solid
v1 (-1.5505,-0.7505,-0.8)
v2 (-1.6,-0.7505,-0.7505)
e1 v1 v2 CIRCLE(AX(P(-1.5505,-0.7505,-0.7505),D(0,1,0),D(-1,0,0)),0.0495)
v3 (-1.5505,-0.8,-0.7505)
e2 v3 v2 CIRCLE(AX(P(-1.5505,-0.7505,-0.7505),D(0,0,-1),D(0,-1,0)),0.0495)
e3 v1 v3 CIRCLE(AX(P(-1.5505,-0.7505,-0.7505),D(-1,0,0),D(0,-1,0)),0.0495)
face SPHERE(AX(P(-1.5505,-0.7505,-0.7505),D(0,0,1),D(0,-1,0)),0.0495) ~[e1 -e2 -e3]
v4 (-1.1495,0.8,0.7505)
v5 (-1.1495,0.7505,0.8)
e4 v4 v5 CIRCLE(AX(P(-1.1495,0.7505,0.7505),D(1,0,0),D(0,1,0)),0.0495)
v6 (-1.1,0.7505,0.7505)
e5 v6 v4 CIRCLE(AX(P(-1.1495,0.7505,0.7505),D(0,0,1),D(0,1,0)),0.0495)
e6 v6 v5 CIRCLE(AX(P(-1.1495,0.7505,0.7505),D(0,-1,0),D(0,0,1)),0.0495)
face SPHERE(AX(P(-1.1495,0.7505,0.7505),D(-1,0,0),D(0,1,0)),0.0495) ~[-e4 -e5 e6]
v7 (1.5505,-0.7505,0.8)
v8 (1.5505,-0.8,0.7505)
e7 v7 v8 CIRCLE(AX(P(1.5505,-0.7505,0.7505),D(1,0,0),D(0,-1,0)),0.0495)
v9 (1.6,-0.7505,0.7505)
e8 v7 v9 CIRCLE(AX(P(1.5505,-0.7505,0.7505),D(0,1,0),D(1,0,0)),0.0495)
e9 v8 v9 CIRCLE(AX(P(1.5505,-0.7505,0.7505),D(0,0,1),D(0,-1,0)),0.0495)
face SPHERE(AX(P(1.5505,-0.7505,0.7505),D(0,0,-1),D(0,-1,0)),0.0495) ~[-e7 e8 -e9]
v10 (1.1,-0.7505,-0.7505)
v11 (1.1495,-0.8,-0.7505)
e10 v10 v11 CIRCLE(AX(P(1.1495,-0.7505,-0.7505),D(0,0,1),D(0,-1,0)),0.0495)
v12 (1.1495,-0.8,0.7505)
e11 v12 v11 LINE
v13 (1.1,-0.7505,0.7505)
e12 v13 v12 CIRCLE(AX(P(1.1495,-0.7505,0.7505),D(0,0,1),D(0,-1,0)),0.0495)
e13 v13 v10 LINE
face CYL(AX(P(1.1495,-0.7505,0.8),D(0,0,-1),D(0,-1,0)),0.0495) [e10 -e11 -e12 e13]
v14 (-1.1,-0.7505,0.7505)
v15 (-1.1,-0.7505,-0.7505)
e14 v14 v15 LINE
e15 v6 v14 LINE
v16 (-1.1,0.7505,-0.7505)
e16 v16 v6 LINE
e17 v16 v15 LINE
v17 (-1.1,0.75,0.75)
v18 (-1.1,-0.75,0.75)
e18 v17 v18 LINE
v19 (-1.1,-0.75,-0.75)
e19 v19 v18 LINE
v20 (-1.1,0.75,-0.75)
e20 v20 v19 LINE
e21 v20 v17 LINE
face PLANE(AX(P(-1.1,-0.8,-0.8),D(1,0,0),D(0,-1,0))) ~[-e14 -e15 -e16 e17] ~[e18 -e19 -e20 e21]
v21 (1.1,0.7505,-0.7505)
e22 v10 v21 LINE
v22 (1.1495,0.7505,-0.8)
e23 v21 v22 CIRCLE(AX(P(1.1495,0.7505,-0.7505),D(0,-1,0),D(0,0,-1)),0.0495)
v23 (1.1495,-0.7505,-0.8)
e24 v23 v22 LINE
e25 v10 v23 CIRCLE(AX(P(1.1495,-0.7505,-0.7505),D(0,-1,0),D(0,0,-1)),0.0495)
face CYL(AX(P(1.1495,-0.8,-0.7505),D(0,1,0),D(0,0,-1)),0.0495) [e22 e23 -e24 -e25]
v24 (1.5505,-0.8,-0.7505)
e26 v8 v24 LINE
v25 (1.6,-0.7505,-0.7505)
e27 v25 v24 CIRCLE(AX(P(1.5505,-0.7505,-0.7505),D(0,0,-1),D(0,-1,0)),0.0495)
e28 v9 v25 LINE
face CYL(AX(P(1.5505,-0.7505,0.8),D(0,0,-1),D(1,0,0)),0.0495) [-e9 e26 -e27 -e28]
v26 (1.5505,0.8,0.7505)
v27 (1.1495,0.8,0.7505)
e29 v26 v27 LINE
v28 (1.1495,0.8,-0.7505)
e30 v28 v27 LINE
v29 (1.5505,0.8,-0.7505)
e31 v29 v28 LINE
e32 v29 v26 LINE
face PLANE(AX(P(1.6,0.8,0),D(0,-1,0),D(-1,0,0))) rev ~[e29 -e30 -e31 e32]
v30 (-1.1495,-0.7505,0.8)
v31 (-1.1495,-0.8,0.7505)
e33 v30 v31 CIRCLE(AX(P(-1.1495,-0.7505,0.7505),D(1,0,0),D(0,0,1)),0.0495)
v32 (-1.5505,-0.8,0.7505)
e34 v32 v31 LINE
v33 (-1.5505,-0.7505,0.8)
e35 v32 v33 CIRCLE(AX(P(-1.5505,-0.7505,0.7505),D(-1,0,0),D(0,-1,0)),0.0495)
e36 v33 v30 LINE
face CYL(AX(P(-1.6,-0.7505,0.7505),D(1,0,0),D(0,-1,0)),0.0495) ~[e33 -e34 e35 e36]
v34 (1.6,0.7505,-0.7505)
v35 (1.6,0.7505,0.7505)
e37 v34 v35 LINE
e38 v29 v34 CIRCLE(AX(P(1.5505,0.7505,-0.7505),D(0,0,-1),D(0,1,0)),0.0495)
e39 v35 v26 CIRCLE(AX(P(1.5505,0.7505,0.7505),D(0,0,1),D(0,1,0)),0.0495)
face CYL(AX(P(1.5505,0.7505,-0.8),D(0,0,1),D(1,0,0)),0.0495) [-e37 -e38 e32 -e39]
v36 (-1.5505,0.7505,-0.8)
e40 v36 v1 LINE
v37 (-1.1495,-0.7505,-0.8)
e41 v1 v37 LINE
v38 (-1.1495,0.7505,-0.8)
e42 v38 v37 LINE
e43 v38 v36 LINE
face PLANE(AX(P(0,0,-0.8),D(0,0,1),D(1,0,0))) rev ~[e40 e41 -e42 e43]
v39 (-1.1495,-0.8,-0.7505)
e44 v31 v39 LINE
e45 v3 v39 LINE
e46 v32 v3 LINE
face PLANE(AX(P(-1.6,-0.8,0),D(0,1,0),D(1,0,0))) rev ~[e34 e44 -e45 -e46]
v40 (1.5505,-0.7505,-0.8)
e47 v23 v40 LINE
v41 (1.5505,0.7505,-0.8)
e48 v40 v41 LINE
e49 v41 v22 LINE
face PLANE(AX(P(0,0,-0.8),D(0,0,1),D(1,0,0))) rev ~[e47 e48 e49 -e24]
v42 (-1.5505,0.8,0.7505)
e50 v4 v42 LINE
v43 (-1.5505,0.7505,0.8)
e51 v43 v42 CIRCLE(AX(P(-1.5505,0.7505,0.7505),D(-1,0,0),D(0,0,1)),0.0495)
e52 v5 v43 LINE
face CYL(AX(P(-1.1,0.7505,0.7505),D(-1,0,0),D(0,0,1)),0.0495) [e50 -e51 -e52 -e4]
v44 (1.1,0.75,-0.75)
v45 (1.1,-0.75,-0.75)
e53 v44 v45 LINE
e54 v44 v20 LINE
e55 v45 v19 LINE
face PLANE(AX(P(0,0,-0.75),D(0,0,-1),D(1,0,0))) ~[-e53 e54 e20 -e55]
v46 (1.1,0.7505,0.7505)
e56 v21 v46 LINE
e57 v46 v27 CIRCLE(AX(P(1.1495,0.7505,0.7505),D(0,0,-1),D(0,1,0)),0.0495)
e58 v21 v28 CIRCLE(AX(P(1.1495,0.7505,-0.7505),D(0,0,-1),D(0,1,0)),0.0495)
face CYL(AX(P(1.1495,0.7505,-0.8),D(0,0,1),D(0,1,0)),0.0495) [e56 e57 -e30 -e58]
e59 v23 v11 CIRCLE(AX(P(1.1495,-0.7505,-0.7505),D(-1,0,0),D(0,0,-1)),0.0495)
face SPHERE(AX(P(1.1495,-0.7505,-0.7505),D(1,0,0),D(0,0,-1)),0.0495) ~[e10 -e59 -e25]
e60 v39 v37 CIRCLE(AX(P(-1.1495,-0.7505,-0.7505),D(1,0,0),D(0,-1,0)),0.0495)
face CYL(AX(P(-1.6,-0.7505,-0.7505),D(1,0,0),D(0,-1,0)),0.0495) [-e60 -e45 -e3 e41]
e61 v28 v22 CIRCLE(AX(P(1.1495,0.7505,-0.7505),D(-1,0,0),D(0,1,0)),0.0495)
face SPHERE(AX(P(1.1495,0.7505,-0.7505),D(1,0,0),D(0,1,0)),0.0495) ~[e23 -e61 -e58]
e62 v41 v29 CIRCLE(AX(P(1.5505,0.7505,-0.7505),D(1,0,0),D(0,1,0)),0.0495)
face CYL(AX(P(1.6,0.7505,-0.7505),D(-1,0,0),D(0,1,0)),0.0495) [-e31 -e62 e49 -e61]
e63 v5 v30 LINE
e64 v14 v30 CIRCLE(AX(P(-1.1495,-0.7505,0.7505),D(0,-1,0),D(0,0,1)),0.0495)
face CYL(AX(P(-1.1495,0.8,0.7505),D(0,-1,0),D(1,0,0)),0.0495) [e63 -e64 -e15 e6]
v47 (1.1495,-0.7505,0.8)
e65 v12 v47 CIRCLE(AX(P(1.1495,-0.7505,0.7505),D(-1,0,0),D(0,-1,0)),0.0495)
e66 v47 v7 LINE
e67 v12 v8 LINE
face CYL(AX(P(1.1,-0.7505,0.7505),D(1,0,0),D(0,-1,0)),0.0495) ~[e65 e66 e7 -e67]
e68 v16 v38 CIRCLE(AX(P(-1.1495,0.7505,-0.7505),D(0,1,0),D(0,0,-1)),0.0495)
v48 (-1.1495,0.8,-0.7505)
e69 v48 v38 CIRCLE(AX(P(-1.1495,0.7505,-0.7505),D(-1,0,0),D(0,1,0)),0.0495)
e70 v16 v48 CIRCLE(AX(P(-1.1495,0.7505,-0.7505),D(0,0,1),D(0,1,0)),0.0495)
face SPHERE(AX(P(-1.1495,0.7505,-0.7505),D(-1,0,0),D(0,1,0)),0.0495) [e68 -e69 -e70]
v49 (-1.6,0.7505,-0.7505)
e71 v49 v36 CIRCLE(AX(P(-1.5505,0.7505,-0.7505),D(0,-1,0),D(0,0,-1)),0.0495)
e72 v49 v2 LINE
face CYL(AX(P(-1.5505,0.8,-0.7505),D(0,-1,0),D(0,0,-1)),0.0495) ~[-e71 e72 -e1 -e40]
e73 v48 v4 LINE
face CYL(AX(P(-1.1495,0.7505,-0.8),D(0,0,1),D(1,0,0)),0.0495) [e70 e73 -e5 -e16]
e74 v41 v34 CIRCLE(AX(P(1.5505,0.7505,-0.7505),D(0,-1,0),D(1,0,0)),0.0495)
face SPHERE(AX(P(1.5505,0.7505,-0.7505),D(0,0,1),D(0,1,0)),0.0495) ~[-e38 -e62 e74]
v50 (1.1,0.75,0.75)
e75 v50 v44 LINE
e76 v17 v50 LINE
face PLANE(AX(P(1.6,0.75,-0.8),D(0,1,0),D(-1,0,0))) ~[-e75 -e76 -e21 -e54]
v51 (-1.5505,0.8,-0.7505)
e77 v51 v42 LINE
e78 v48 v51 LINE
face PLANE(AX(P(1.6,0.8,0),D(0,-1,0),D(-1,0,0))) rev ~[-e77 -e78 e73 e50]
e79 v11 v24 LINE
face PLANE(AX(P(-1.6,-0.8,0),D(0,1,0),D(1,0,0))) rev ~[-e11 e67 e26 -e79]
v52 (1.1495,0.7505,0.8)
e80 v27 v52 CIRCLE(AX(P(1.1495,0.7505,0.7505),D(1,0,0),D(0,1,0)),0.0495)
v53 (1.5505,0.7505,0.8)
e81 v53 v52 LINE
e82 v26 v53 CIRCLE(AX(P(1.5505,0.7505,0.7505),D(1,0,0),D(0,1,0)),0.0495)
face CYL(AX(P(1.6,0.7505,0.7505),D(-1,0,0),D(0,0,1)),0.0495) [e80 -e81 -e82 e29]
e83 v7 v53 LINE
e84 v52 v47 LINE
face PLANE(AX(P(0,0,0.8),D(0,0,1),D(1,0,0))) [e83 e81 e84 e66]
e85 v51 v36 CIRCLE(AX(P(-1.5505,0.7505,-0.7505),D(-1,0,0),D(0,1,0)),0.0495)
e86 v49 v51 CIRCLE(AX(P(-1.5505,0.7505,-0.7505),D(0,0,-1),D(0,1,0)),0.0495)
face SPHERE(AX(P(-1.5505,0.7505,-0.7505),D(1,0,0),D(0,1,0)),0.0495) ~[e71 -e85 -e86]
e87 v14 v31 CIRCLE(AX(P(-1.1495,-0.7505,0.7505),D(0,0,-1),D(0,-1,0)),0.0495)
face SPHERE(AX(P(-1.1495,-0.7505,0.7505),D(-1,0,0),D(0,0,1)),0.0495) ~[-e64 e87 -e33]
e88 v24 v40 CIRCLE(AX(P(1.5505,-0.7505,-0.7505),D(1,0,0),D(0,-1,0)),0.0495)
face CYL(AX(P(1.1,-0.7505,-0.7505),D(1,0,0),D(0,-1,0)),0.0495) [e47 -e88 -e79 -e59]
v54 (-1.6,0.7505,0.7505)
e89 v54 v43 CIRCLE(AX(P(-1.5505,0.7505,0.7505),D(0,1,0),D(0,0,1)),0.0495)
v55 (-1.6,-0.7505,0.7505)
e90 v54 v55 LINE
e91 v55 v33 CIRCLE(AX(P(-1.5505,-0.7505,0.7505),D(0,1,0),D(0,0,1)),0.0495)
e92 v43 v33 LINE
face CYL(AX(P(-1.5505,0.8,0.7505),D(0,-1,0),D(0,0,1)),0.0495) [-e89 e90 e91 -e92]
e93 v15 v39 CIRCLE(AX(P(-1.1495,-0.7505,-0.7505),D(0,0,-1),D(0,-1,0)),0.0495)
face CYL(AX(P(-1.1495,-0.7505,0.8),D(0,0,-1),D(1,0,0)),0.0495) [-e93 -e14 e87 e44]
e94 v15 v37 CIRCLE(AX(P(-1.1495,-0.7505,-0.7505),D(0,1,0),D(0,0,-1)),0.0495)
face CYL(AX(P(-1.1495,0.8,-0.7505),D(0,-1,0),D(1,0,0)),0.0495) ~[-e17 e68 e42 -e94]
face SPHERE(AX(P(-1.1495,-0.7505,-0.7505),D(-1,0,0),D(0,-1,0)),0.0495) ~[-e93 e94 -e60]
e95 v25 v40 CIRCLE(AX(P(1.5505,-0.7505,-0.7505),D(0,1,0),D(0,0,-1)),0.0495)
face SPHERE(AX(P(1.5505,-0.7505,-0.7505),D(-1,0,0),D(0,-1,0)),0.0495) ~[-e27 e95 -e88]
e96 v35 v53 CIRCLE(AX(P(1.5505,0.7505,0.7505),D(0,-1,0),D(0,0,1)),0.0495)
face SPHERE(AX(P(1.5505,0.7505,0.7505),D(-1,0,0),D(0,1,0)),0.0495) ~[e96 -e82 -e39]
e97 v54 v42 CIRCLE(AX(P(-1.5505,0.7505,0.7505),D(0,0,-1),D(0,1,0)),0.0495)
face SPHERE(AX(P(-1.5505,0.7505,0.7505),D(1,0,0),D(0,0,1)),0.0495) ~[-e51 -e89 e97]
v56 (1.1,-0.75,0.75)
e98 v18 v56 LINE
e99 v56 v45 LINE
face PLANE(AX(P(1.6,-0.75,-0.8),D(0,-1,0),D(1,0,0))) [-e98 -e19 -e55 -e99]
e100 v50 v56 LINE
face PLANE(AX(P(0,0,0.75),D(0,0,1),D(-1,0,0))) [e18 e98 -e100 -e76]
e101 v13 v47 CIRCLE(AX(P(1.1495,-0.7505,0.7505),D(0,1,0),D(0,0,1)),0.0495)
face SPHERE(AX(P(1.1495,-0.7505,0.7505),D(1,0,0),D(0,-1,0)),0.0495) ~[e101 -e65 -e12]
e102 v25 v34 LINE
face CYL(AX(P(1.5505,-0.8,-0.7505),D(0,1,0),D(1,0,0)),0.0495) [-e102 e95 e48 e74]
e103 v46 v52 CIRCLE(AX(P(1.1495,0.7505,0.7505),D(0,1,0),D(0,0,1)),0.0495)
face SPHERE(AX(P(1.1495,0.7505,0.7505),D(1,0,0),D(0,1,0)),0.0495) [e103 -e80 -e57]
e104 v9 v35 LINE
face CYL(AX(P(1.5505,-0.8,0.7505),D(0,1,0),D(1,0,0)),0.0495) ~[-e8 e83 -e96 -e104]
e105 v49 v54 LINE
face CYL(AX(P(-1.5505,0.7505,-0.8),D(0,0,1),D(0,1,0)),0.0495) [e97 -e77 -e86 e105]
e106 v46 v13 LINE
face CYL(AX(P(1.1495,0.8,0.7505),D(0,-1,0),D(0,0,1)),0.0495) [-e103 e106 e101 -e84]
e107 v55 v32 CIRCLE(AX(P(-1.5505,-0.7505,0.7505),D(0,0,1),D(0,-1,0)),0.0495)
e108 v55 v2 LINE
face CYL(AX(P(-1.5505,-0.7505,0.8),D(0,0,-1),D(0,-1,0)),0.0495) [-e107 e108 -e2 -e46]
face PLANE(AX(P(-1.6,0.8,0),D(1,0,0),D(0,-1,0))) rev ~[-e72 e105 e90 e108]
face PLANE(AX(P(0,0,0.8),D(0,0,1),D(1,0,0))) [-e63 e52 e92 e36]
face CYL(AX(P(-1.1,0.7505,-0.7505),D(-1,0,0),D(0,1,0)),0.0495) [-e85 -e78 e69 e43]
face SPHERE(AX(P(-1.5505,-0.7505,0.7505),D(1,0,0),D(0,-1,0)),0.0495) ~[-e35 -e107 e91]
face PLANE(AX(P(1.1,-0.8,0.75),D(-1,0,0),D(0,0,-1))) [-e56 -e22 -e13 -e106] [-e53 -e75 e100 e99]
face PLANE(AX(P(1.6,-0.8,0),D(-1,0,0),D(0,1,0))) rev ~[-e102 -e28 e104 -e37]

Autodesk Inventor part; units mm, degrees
ref_plane "YZ Plane" through (0, 0, 0) normal (1, 0, 0) x (0, 1, 0)
ref_plane "XZ Plane" through (0, 0, 0) normal (0, 1, 0) x (-1, 0, 0)
ref_plane "XY Plane" through (0, 0, 0) normal (0, 0, 1) x (1, 0, 0)
sketch "Sketch1" plane through (0, 0, 0) normal (0, 0, 1) x (1, 0, 0)
  line L0 (1.6, 0.8) -> (-1.6, 0.8)
  line L1 (-1.6, 0.8) -> (-1.6, -0.8)
  line L2 (-1.6, -0.8) -> (1.6, -0.8)
  line L3 (1.6, -0.8) -> (1.6, 0.8)
  line L4 (1.6, 0.8) -> (-1.6, -0.8) construction
  line L5 (-1.6, 0.8) -> (1.6, -0.8) construction
  point P0 (0, 0)
  point P1 (0, 0)
  point P2 (0, 0)
  dimension "d0" = 3.2
  dimension "d1" = 1.6
extrude "Extrusion1" add sketch "Sketch1" along normal mid plane 1.6
sketch "Sketch2" plane through (0, 0, 0.8) normal (0, 0, 1) x (-1, 0, 0)
  line L0 (1.1, 0.4493) -> (1.1, -0.8)
  line L1 (-1.1, 0.8) -> (-1.1, -0.45)
  line L2 (-1.1, 0.8) -> (1.1, 0.8)
  line L3 (1.1, 0.8) -> (1.1, -0.8)
  line L4 (1.1, -0.8) -> (-1.1, -0.8)
  line L5 (-1.1, -0.8) -> (-1.1, 0.8)
  line L6 (-1.6, -0.8) -> (1.6, -0.8) projected
  line L7 (1.6, 0.8) -> (-1.6, 0.8) projected
  line L8 (1.6, -0.8) -> (1.6, 0.8) projected
  line L9 (-1.6, 0.8) -> (-1.6, -0.8) projected
  point P0 (0, 0)
  dimension "d11" = 0.5
  dimension "d12" = 0.5
extrude "Extrusion2" cut sketch "Sketch2" against normal blind 0.05 contours L0 L4 L5 L1 L2 L3
mirror "Mirror1" about plane through (0, 0, 0) normal (0, 0, 1) of "Extrusion2"
sketch "Sketch3" plane through (1.6, -0.8, -0.8) normal (0, -1, 0) x (1, 0, 0)
  line L0 (-2.7, 1.55) -> (-0.5, 1.55)
  line L1 (-0.5, 1.55) -> (-0.5, 0.05)
  line L2 (-0.5, 0.05) -> (-2.7, 0.05)
  line L3 (-2.7, 0.05) -> (-2.7, 1.55)
  point P0 (-1.6, 0.8)
extrude "Extrusion3" cut sketch "Sketch3" against normal blind 0.05
mirror "Mirror2" about plane through (0, 0, 0) normal (0, 1, 0) of "Extrusion3"
fillet "Fillet1" radius 0.05 24 edges at (1.35, 0.8, 0.8) (1.6, 0.8, 0) (1.35, 0.8, -0.8) (1.35, -0.8, -0.8) (1.6, -0.8, 0) (1.35, -0.8, 0.8) (-1.35, -0.8, 0.8) (-1.6, -0.8, 0) (-1.35, -0.8, -0.8) (1.6, 0, -0.8) (1.6, 0, 0.8) (-1.35, 0.8, 0.8) (-1.6, 0, 0.8) (-1.35, 0.8, -0.8) (-1.6, 0.8, 0) (-1.6, 0, -0.8) (-1.1, 0.8, 0) (-1.1, 0, 0.8) (-1.1, -0.8, 0) (-1.1, 0, -0.8) (1.1, 0.8, 0) (1.1, 0, -0.8) (1.1, -0.8, 0) (1.1, 0, 0.8)
properties part number "C1206C103KFRACTU"
